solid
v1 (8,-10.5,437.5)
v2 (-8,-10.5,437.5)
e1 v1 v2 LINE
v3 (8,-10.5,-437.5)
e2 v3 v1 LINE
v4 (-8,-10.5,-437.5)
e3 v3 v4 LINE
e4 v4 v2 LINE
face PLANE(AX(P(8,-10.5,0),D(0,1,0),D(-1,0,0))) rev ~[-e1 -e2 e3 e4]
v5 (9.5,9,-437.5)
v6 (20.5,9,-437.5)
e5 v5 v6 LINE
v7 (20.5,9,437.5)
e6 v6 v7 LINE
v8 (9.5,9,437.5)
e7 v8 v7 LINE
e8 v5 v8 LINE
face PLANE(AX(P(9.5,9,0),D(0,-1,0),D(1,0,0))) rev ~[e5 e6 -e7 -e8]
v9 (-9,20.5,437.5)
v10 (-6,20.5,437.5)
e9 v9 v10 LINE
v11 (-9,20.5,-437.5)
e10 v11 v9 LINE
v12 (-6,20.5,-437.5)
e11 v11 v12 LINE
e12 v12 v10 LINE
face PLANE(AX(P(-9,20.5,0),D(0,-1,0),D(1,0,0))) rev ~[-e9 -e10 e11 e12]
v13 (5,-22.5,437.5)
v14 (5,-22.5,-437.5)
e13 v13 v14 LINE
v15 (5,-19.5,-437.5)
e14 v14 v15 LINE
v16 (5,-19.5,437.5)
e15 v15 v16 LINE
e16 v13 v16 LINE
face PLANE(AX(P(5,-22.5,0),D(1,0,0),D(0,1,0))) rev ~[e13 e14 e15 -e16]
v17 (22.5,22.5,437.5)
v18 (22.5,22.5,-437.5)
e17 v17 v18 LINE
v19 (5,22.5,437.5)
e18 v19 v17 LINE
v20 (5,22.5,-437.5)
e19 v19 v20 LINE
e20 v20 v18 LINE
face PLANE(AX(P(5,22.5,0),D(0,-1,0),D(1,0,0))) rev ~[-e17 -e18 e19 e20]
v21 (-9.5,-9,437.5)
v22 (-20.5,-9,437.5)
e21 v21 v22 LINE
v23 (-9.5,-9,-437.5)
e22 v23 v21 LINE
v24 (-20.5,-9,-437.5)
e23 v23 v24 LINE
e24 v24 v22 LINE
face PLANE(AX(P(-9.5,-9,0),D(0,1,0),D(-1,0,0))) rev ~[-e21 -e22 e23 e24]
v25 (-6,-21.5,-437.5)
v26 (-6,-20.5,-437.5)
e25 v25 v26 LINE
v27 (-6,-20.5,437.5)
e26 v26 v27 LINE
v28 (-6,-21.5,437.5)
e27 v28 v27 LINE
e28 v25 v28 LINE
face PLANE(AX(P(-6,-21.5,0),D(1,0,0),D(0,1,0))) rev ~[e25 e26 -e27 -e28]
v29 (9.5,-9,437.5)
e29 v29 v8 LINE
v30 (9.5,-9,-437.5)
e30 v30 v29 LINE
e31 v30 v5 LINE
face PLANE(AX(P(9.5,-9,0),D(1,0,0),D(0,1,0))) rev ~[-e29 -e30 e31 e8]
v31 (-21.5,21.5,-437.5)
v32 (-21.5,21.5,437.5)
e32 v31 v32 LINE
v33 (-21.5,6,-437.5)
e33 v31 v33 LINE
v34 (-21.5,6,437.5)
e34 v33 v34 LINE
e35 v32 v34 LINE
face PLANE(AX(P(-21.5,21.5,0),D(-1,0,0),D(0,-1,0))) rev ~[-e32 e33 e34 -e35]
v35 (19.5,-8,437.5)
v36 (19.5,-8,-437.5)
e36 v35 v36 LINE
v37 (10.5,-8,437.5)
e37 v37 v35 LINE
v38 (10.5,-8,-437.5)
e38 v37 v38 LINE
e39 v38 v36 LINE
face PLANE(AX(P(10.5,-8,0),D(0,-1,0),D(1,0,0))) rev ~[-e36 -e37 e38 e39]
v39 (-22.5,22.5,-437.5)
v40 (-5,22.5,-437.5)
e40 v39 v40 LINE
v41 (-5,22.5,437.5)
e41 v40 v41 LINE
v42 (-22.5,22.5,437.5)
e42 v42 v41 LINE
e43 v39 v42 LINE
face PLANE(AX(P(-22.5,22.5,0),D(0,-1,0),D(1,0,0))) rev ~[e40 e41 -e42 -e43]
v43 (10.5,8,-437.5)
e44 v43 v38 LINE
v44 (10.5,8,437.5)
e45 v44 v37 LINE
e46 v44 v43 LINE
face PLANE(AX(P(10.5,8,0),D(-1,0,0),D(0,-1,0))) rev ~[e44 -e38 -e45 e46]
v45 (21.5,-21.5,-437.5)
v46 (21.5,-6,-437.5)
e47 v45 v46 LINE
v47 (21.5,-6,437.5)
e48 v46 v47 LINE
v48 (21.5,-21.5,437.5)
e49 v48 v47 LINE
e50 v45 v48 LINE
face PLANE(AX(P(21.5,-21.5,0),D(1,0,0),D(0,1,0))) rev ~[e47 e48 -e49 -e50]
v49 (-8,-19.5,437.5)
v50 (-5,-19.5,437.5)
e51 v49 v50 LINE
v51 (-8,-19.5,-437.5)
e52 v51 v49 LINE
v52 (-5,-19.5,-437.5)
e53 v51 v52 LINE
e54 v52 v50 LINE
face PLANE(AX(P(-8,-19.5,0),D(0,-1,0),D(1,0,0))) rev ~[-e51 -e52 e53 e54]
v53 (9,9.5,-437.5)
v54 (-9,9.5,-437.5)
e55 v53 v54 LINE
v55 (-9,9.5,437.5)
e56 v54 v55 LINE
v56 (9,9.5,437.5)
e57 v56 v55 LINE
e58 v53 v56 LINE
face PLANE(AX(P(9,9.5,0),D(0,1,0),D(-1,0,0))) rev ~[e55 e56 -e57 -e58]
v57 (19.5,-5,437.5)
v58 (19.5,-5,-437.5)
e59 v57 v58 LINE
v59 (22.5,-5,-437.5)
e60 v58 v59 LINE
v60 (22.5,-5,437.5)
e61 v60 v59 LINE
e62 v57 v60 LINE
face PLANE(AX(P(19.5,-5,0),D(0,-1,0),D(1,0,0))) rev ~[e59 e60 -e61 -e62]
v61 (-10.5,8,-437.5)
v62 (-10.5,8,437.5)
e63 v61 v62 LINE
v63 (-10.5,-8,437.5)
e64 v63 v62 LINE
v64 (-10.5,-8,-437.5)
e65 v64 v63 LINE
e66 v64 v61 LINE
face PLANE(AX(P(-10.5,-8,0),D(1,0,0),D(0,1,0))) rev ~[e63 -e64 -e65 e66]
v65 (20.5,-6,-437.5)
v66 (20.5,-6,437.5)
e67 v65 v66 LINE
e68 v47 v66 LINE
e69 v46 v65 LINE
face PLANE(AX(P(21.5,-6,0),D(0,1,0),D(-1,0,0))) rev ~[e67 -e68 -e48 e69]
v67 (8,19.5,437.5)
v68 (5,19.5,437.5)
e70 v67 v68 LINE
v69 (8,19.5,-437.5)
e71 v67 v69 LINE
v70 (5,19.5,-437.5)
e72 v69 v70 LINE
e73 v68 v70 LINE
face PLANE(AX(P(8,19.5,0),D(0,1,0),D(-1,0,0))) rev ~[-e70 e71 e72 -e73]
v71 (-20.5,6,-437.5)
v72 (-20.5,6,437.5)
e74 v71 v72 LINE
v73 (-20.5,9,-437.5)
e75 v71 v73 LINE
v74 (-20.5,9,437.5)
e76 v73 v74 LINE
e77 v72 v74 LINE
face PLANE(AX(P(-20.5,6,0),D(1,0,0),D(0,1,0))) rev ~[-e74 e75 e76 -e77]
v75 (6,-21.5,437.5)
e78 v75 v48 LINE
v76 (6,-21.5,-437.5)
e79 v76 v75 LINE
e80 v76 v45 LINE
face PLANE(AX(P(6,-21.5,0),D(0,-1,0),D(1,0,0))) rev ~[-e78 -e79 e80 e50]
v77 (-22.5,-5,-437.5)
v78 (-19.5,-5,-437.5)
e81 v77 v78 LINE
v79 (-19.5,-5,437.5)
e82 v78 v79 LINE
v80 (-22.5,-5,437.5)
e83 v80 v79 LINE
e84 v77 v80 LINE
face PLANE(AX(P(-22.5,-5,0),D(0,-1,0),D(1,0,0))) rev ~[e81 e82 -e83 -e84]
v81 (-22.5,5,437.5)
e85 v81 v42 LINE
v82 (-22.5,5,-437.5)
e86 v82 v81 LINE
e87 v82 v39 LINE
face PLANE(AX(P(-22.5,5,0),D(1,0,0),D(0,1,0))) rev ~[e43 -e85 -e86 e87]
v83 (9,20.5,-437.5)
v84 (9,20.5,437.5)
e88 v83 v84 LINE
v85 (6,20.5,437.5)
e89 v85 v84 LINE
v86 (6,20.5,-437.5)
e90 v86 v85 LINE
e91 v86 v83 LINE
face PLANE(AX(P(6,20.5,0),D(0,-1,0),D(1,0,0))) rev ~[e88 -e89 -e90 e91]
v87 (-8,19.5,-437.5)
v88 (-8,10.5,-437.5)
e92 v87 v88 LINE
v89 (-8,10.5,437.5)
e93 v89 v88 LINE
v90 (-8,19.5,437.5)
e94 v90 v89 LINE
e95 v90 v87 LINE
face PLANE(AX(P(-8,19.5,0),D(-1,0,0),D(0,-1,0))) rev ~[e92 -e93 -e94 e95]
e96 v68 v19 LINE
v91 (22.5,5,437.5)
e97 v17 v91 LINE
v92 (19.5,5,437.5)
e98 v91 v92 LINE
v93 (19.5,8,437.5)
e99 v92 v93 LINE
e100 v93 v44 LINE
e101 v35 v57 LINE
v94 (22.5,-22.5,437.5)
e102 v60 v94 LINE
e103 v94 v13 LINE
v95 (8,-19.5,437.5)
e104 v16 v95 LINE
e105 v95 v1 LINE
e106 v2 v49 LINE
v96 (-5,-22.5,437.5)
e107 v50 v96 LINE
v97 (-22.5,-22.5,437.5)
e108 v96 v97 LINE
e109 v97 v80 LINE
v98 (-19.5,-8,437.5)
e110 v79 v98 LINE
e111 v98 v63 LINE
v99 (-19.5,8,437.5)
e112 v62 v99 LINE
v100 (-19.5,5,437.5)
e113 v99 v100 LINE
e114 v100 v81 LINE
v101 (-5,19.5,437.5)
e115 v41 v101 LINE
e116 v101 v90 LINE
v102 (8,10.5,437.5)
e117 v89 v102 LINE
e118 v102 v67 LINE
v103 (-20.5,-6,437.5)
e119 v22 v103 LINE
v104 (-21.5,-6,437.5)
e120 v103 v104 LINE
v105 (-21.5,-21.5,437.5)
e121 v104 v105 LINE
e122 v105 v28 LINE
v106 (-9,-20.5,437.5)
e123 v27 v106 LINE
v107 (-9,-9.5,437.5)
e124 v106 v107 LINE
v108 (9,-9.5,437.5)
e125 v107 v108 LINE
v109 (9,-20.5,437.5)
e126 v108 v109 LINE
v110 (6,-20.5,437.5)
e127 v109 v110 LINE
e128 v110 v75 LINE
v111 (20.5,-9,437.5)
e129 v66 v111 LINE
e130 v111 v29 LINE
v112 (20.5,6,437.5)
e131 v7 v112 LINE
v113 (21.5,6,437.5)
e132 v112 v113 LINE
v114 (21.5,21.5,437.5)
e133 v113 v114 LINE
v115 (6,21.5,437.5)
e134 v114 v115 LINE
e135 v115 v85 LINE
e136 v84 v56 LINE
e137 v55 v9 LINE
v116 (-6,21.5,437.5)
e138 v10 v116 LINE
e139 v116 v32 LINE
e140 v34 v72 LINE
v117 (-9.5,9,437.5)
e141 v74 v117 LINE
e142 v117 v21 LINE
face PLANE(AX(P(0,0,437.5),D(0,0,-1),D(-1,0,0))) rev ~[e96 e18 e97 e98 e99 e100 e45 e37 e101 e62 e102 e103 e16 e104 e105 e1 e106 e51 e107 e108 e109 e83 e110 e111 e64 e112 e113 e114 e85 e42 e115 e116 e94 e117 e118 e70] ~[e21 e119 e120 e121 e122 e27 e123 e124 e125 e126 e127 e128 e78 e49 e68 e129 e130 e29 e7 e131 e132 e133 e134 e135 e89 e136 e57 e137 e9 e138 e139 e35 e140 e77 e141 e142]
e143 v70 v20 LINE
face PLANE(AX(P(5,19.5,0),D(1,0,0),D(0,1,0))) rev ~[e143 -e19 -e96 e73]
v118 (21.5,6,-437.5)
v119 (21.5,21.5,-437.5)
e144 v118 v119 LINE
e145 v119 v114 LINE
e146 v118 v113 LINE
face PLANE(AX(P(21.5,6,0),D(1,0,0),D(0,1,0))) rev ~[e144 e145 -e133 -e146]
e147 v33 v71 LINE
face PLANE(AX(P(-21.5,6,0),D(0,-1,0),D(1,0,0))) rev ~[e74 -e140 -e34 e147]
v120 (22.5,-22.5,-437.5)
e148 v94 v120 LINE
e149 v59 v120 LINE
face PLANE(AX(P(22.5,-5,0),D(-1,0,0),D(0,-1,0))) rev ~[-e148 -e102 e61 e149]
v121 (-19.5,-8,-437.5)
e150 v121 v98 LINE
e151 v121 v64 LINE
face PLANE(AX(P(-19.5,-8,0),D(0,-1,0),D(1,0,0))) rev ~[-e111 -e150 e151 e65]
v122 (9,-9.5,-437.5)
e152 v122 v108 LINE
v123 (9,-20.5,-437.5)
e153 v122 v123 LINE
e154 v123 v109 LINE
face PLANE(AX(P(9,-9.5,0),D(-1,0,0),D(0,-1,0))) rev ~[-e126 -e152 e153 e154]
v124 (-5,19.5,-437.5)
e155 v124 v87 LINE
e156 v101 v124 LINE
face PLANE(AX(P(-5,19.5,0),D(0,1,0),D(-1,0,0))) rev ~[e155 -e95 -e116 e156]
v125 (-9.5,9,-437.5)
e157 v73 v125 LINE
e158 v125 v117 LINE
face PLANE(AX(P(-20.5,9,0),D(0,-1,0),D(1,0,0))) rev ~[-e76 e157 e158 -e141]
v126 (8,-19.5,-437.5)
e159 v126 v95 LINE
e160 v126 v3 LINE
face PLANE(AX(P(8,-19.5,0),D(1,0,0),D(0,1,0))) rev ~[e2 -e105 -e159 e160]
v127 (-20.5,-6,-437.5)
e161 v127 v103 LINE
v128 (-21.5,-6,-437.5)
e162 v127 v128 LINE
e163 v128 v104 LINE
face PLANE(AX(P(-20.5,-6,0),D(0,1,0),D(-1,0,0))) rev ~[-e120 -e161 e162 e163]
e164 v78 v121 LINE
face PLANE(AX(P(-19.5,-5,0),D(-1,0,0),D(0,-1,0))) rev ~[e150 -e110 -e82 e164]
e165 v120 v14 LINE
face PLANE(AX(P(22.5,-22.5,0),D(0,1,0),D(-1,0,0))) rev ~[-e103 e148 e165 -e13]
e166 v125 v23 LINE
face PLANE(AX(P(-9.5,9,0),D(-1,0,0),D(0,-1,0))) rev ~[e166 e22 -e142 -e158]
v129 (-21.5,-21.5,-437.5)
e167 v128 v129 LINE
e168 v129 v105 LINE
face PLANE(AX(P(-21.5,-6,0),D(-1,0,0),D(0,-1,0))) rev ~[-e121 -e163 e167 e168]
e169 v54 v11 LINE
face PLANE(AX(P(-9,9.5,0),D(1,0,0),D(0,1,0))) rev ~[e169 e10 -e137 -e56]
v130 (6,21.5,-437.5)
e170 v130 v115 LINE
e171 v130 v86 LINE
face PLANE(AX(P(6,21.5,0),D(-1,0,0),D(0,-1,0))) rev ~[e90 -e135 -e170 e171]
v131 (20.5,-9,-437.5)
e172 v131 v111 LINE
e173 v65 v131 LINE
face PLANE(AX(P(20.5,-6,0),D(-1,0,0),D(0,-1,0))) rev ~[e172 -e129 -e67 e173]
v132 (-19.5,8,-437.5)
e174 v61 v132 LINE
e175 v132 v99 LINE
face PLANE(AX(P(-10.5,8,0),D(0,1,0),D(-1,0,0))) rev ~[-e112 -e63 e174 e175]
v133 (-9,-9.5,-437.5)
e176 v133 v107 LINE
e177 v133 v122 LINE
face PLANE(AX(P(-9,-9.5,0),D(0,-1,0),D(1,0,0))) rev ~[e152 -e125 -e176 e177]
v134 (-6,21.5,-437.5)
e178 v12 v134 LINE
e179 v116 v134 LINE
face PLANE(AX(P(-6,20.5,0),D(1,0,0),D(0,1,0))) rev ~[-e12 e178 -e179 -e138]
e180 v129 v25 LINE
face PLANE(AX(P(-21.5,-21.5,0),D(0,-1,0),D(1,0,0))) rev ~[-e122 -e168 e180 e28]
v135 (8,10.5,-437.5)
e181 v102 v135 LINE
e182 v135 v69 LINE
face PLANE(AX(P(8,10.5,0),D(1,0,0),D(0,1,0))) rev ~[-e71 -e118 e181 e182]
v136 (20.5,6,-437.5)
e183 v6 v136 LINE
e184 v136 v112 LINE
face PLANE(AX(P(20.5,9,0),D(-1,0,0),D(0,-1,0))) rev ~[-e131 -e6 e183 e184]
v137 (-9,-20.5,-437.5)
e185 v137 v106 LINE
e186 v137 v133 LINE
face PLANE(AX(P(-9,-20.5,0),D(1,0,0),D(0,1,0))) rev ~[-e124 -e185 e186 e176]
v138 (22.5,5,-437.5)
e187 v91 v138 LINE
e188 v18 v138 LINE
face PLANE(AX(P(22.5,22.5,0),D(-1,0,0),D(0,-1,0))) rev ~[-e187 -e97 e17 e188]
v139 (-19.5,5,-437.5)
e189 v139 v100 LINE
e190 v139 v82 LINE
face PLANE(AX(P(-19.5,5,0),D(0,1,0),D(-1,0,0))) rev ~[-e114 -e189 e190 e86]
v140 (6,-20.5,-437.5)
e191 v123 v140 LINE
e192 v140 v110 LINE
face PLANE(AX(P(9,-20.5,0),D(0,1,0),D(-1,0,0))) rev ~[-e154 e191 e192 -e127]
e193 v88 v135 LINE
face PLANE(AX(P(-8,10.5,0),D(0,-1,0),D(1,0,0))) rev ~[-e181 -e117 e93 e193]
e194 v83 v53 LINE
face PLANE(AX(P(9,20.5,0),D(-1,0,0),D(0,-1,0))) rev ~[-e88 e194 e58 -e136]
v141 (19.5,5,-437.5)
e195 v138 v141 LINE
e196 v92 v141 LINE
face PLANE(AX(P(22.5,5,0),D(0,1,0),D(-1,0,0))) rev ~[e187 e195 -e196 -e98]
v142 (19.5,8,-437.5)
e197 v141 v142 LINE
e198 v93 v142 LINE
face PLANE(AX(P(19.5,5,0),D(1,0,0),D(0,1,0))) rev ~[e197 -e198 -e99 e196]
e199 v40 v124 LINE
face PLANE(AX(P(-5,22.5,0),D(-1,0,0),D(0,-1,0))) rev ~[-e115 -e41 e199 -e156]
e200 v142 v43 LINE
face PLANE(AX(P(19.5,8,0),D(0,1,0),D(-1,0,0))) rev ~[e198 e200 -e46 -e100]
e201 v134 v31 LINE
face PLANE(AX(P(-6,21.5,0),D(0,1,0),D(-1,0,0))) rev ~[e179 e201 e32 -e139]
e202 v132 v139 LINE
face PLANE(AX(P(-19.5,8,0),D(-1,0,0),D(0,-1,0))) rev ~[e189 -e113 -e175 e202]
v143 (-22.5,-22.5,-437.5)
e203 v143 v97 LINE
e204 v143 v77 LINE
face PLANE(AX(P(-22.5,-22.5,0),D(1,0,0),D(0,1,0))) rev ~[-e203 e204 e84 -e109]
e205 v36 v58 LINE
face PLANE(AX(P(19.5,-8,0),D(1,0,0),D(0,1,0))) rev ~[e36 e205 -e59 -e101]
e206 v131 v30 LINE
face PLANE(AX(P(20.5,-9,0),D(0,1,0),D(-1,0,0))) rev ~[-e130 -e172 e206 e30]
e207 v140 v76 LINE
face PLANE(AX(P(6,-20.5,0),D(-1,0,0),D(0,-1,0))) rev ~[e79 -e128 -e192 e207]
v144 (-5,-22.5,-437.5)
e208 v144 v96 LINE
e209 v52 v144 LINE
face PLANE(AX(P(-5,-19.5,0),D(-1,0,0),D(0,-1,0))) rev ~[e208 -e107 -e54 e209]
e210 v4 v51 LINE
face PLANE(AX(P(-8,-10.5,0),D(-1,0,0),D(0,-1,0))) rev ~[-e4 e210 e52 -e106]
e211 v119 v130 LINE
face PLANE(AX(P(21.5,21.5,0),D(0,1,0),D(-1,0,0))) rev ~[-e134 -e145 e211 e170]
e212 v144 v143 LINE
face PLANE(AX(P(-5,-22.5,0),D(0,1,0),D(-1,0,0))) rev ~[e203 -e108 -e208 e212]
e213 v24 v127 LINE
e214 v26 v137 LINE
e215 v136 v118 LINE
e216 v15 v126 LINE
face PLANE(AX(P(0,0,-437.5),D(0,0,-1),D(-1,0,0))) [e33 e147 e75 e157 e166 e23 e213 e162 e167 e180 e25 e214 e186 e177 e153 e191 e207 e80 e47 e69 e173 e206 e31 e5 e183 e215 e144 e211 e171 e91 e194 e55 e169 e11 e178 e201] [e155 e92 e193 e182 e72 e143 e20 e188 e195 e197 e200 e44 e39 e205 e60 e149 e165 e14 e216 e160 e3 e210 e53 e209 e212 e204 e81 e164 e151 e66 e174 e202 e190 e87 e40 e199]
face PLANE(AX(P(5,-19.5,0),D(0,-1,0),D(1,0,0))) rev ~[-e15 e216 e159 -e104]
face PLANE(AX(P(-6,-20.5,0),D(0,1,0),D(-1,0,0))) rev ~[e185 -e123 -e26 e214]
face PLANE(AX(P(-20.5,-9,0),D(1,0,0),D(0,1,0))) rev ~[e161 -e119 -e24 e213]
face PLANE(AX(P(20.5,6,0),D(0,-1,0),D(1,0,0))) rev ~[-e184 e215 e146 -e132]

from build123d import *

# Parameters (mm, degrees)
BOSS_EXTRUDE2_DEPTH = 437.5


with BuildPart() as part:
    # Sketch1 → Boss-Extrude2 (new, symmetric)
    with BuildSketch(Plane.XY):
        Polygon((-5, 22.5), (-5, 19.5), (-8, 19.5), (-8, 10.5), (8, 10.5), (8, 19.5), (5, 19.5), (5, 22.5), (22.5, 22.5), (22.5, 5), (19.5, 5), (19.5, 8), (10.5, 8), (10.5, -8), (19.5, -8), (19.5, -5), (22.5, -5), (22.5, -22.5), (5, -22.5), (5, -19.5), (8, -19.5), (8, -10.5), (-8, -10.5), (-8, -19.5), (-5, -19.5), (-5, -22.5), (-22.5, -22.5), (-22.5, -5), (-19.5, -5), (-19.5, -8), (-10.5, -8), (-10.5, 8), (-19.5, 8), (-19.5, 5), (-22.5, 5), (-22.5, 22.5), align=None)
        Polygon((-6, 21.5), (-21.5, 21.5), (-21.5, 6), (-20.5, 6), (-20.5, 9), (-9.5, 9), (-9.5, -9), (-20.5, -9), (-20.5, -6), (-21.5, -6), (-21.5, -21.5), (-6, -21.5), (-6, -20.5), (-9, -20.5), (-9, -9.5), (9, -9.5), (9, -20.5), (6, -20.5), (6, -21.5), (21.5, -21.5), (21.5, -6), (20.5, -6), (20.5, -9), (9.5, -9), (9.5, 9), (20.5, 9), (20.5, 6), (21.5, 6), (21.5, 21.5), (6, 21.5), (6, 20.5), (9, 20.5), (9, 9.5), (-9, 9.5), (-9, 20.5), (-6, 20.5), align=None, mode=Mode.SUBTRACT)
    extrude(amount=BOSS_EXTRUDE2_DEPTH, both=True)


solid = part.part
